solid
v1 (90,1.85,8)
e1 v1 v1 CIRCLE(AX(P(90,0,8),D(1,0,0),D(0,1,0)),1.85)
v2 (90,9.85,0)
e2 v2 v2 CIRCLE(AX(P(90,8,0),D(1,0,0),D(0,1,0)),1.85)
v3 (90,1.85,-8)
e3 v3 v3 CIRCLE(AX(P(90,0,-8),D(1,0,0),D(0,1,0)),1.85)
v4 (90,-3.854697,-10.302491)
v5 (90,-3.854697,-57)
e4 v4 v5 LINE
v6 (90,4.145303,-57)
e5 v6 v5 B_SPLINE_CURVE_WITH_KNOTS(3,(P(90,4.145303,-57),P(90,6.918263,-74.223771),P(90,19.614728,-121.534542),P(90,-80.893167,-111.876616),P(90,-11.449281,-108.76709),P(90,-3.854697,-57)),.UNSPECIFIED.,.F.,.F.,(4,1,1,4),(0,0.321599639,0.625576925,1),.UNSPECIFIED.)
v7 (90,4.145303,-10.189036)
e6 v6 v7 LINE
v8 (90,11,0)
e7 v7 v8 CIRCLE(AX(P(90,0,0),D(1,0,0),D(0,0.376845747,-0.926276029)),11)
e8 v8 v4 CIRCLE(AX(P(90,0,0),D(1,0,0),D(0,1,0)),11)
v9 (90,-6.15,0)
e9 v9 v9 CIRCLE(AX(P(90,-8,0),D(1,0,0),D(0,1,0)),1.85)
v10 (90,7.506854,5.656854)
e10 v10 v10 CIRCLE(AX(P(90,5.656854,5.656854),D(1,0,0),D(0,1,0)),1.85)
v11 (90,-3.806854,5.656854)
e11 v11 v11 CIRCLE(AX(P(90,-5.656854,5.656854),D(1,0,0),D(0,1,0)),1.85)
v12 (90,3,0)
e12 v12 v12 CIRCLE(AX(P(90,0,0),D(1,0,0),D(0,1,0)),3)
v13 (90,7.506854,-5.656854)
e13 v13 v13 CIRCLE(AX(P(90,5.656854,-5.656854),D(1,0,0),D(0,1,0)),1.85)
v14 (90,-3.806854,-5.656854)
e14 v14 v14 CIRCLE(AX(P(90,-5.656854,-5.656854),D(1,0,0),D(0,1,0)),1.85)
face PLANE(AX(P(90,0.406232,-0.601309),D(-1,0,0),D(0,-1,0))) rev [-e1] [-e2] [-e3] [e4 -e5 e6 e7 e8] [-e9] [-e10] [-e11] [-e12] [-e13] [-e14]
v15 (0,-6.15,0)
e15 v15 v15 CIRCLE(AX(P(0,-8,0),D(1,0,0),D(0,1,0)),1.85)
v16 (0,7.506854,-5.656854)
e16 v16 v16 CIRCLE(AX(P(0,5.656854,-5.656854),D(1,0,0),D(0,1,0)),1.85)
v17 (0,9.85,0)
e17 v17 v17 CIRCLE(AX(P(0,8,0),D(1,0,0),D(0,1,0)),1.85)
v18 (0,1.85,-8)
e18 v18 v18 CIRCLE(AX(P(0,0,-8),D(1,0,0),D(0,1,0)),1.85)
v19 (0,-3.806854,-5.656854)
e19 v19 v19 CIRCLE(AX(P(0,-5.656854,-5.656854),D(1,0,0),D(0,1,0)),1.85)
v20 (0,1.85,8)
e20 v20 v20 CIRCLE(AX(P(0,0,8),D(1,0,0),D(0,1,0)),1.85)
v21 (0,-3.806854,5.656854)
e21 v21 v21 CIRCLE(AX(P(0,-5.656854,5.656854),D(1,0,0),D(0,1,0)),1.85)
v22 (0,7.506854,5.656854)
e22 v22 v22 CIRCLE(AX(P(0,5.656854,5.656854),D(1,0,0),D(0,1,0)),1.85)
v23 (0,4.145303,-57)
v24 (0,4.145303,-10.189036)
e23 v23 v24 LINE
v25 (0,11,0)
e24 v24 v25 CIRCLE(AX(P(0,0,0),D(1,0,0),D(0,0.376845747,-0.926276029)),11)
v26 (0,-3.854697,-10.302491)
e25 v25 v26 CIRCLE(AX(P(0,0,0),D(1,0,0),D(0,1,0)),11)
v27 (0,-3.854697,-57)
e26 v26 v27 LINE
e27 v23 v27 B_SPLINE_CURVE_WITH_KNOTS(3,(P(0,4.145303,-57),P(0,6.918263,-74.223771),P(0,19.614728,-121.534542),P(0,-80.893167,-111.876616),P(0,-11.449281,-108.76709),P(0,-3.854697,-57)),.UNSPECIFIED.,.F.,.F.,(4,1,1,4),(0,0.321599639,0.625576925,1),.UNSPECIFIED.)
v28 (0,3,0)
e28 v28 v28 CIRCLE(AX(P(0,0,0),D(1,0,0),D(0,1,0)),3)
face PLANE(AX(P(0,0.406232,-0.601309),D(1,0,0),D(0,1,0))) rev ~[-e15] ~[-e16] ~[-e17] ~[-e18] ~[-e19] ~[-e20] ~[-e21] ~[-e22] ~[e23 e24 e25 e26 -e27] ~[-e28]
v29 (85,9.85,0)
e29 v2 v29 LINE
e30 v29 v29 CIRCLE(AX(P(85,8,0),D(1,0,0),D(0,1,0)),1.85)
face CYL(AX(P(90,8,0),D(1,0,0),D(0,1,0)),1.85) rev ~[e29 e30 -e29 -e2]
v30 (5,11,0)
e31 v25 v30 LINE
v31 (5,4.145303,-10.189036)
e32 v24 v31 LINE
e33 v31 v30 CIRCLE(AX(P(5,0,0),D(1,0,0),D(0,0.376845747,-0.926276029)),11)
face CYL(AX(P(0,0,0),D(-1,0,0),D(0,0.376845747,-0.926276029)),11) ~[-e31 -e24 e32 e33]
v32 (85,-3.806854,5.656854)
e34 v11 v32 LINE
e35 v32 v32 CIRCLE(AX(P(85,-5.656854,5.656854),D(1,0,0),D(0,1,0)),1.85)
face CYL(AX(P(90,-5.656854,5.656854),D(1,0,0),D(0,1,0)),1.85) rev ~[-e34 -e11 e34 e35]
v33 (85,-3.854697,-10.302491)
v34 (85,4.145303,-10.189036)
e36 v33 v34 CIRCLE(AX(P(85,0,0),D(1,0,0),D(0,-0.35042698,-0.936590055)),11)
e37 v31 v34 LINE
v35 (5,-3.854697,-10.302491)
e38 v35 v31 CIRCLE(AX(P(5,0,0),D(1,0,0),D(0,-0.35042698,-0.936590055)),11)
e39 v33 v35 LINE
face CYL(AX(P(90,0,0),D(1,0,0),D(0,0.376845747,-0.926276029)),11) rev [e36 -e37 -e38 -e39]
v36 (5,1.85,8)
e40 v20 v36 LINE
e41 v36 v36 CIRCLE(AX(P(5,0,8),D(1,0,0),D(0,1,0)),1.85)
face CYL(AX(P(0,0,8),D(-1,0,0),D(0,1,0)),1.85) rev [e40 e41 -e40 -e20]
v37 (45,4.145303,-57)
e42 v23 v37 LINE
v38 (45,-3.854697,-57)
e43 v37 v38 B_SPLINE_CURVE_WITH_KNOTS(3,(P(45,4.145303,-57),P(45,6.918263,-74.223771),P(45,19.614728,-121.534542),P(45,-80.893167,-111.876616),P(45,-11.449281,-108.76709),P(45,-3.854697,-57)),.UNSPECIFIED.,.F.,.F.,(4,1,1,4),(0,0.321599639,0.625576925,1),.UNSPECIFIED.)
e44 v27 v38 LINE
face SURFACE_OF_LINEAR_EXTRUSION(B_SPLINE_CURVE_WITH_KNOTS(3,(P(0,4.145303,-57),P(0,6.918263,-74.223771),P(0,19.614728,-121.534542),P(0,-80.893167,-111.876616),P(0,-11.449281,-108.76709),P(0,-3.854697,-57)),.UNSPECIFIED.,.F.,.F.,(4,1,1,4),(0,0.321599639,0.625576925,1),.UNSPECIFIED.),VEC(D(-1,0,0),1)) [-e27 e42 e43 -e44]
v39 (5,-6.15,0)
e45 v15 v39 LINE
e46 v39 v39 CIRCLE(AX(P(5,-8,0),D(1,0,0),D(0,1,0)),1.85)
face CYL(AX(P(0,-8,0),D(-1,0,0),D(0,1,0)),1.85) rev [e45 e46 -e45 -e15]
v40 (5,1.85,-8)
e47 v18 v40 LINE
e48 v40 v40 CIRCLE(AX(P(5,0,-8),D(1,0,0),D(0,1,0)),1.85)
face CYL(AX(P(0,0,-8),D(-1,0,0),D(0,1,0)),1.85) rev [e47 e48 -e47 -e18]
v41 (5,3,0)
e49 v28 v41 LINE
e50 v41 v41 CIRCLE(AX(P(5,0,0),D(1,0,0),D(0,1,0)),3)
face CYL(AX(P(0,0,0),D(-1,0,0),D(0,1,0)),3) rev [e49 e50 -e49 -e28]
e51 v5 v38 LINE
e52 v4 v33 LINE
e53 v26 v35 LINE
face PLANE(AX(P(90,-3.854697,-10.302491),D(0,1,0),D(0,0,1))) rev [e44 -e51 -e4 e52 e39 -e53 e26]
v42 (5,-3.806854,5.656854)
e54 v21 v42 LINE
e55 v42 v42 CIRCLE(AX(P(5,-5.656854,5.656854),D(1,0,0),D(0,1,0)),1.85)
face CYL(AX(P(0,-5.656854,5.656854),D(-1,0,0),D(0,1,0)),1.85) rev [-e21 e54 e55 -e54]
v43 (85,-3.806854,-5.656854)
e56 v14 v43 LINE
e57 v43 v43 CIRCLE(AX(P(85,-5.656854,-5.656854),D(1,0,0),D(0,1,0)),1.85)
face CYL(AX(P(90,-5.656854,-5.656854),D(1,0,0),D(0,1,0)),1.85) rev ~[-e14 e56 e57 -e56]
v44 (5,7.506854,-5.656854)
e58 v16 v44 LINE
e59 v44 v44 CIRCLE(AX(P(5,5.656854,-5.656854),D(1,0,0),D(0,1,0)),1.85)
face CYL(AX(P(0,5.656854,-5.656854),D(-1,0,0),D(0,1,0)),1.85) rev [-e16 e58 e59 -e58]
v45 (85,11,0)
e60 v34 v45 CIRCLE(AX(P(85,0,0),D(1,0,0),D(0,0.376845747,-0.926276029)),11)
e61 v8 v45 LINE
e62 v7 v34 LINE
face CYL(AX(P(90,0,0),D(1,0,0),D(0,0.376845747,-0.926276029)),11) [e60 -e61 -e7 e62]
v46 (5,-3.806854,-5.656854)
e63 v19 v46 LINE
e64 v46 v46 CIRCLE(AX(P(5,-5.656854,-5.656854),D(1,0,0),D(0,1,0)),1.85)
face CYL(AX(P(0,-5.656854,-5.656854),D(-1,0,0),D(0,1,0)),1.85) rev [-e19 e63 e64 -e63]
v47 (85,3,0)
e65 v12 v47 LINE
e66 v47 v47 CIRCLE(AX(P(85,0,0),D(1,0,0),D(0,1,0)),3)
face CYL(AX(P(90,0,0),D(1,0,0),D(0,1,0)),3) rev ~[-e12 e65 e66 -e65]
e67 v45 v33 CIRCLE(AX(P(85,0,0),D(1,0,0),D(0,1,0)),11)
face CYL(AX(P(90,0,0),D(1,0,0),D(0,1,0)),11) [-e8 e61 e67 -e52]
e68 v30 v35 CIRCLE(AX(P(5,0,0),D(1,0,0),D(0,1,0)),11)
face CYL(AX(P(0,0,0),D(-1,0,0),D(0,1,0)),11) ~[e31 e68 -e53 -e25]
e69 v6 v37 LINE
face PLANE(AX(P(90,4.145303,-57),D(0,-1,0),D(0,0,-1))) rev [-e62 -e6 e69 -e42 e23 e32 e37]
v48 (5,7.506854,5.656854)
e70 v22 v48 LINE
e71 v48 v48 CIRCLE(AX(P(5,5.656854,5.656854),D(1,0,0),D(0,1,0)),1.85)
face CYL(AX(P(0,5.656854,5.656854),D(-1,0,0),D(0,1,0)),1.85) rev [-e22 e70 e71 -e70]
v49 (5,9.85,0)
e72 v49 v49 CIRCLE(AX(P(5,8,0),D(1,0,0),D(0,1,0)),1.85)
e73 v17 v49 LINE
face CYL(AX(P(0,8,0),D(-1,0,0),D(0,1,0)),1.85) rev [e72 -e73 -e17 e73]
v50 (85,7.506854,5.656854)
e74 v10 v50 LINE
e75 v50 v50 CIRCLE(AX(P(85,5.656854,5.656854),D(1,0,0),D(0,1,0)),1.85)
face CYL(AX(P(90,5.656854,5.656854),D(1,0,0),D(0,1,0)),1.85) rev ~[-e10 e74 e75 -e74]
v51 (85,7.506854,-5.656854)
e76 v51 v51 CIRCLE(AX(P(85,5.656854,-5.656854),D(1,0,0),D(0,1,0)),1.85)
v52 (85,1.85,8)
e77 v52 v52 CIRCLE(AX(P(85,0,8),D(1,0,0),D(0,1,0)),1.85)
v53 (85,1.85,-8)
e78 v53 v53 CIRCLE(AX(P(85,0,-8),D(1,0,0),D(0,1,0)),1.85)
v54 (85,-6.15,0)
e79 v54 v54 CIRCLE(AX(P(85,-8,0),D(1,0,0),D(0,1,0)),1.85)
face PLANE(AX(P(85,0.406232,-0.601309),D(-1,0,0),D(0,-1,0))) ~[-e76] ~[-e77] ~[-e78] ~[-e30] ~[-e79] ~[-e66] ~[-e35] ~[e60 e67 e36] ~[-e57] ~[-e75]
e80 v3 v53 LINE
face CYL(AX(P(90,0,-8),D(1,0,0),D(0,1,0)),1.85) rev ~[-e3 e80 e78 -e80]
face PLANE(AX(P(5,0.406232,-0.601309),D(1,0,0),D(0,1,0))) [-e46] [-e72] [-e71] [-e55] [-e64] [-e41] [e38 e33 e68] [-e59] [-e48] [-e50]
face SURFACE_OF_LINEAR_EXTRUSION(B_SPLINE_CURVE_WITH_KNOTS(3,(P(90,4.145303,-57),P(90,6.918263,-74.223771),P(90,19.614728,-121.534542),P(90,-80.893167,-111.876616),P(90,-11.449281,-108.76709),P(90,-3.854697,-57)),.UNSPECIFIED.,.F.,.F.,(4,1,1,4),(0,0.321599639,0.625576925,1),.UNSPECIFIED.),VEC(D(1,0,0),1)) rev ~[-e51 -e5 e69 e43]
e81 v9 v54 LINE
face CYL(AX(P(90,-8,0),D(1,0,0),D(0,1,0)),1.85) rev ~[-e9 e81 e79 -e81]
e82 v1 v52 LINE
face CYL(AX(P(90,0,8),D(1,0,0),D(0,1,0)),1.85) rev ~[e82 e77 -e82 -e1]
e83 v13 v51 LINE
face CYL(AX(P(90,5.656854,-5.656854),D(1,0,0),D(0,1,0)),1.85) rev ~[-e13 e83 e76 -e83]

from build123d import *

# Parameters (mm, degrees)
F1_DEPTH = 45
F0_R     = 1.85
F0_R_2   = 3
F2_DEPTH = 5


with BuildPart() as f1:
    # F0 (on Right) → F1 (new body)
    with BuildSketch(Plane.YZ):
        with BuildLine():
            Line((4.1453032208, -57), (4.1453032208, -10.1890363238))
            ThreePointArc((4.1453032208, -10.1890363238), (0.1559839564, -10.9988939901), (-3.8546967792, -10.3024906086))
            Line((-3.8546967792, -10.3024906086), (-3.8546967792, -57))
            Line((-3.8546967792, -57), (4.1453032208, -57))
        make_face()
        with BuildLine():
            add(Edge.make_bspline(
                [(4.1453032208, -57), (6.9182630973, -74.2237708273), (19.6147280821, -121.5345421543), (-80.8931671267, -111.8766161894), (-11.4492813298, -108.7670899956), (-3.8546967792, -57)],
                knots=[0, 0, 0, 0, 0.3215996389, 0.6255769255, 1, 1, 1, 1], degree=3))
            Line((4.1453032208, -57), (-3.8546967792, -57))
        make_face()
    extrude(amount=F1_DEPTH)

    # F0 (on Right) → F2 (join)
    with BuildSketch(Plane.YZ):
        with BuildLine():
            ThreePointArc((-3.8546967792, -10.3024906086), (0.1559839564, -10.9988939901), (4.1453032208, -10.1890363238))
            ThreePointArc((4.1453032208, -10.1890363238), (9.1268377719, -6.1401003482), (11, 0))
            ThreePointArc((11, 0), (-6.2689048257, 9.0388512703), (-3.8546967792, -10.3024906086))
        make_face()
        with Locations((-5.6568542495, -5.6568542495)):
            Circle(F0_R, mode=Mode.SUBTRACT)
        with Locations((-8, 0)):
            Circle(F0_R, mode=Mode.SUBTRACT)
        with Locations((-5.6568542495, 5.6568542495)):
            Circle(F0_R, mode=Mode.SUBTRACT)
        with Locations((0, -8)):
            Circle(F0_R, mode=Mode.SUBTRACT)
        with Locations((5.6568542495, -5.6568542495)):
            Circle(F0_R, mode=Mode.SUBTRACT)
        Circle(F0_R_2, mode=Mode.SUBTRACT)
        with Locations((0, 8)):
            Circle(F0_R, mode=Mode.SUBTRACT)
        with Locations((5.6568542495, 5.6568542495)):
            Circle(F0_R, mode=Mode.SUBTRACT)
        with Locations((8, 0)):
            Circle(F0_R, mode=Mode.SUBTRACT)
    extrude(amount=F2_DEPTH)

    # F3: F1 across face


with BuildPart() as f1_1:
    add(f1.part)
    add(f1.part.mirror(Plane(origin=(45, -7.252748753, -80.0843389075), x_dir=(0, 1, 0), z_dir=(1, 0, 0))))


solid = f1_1.part
